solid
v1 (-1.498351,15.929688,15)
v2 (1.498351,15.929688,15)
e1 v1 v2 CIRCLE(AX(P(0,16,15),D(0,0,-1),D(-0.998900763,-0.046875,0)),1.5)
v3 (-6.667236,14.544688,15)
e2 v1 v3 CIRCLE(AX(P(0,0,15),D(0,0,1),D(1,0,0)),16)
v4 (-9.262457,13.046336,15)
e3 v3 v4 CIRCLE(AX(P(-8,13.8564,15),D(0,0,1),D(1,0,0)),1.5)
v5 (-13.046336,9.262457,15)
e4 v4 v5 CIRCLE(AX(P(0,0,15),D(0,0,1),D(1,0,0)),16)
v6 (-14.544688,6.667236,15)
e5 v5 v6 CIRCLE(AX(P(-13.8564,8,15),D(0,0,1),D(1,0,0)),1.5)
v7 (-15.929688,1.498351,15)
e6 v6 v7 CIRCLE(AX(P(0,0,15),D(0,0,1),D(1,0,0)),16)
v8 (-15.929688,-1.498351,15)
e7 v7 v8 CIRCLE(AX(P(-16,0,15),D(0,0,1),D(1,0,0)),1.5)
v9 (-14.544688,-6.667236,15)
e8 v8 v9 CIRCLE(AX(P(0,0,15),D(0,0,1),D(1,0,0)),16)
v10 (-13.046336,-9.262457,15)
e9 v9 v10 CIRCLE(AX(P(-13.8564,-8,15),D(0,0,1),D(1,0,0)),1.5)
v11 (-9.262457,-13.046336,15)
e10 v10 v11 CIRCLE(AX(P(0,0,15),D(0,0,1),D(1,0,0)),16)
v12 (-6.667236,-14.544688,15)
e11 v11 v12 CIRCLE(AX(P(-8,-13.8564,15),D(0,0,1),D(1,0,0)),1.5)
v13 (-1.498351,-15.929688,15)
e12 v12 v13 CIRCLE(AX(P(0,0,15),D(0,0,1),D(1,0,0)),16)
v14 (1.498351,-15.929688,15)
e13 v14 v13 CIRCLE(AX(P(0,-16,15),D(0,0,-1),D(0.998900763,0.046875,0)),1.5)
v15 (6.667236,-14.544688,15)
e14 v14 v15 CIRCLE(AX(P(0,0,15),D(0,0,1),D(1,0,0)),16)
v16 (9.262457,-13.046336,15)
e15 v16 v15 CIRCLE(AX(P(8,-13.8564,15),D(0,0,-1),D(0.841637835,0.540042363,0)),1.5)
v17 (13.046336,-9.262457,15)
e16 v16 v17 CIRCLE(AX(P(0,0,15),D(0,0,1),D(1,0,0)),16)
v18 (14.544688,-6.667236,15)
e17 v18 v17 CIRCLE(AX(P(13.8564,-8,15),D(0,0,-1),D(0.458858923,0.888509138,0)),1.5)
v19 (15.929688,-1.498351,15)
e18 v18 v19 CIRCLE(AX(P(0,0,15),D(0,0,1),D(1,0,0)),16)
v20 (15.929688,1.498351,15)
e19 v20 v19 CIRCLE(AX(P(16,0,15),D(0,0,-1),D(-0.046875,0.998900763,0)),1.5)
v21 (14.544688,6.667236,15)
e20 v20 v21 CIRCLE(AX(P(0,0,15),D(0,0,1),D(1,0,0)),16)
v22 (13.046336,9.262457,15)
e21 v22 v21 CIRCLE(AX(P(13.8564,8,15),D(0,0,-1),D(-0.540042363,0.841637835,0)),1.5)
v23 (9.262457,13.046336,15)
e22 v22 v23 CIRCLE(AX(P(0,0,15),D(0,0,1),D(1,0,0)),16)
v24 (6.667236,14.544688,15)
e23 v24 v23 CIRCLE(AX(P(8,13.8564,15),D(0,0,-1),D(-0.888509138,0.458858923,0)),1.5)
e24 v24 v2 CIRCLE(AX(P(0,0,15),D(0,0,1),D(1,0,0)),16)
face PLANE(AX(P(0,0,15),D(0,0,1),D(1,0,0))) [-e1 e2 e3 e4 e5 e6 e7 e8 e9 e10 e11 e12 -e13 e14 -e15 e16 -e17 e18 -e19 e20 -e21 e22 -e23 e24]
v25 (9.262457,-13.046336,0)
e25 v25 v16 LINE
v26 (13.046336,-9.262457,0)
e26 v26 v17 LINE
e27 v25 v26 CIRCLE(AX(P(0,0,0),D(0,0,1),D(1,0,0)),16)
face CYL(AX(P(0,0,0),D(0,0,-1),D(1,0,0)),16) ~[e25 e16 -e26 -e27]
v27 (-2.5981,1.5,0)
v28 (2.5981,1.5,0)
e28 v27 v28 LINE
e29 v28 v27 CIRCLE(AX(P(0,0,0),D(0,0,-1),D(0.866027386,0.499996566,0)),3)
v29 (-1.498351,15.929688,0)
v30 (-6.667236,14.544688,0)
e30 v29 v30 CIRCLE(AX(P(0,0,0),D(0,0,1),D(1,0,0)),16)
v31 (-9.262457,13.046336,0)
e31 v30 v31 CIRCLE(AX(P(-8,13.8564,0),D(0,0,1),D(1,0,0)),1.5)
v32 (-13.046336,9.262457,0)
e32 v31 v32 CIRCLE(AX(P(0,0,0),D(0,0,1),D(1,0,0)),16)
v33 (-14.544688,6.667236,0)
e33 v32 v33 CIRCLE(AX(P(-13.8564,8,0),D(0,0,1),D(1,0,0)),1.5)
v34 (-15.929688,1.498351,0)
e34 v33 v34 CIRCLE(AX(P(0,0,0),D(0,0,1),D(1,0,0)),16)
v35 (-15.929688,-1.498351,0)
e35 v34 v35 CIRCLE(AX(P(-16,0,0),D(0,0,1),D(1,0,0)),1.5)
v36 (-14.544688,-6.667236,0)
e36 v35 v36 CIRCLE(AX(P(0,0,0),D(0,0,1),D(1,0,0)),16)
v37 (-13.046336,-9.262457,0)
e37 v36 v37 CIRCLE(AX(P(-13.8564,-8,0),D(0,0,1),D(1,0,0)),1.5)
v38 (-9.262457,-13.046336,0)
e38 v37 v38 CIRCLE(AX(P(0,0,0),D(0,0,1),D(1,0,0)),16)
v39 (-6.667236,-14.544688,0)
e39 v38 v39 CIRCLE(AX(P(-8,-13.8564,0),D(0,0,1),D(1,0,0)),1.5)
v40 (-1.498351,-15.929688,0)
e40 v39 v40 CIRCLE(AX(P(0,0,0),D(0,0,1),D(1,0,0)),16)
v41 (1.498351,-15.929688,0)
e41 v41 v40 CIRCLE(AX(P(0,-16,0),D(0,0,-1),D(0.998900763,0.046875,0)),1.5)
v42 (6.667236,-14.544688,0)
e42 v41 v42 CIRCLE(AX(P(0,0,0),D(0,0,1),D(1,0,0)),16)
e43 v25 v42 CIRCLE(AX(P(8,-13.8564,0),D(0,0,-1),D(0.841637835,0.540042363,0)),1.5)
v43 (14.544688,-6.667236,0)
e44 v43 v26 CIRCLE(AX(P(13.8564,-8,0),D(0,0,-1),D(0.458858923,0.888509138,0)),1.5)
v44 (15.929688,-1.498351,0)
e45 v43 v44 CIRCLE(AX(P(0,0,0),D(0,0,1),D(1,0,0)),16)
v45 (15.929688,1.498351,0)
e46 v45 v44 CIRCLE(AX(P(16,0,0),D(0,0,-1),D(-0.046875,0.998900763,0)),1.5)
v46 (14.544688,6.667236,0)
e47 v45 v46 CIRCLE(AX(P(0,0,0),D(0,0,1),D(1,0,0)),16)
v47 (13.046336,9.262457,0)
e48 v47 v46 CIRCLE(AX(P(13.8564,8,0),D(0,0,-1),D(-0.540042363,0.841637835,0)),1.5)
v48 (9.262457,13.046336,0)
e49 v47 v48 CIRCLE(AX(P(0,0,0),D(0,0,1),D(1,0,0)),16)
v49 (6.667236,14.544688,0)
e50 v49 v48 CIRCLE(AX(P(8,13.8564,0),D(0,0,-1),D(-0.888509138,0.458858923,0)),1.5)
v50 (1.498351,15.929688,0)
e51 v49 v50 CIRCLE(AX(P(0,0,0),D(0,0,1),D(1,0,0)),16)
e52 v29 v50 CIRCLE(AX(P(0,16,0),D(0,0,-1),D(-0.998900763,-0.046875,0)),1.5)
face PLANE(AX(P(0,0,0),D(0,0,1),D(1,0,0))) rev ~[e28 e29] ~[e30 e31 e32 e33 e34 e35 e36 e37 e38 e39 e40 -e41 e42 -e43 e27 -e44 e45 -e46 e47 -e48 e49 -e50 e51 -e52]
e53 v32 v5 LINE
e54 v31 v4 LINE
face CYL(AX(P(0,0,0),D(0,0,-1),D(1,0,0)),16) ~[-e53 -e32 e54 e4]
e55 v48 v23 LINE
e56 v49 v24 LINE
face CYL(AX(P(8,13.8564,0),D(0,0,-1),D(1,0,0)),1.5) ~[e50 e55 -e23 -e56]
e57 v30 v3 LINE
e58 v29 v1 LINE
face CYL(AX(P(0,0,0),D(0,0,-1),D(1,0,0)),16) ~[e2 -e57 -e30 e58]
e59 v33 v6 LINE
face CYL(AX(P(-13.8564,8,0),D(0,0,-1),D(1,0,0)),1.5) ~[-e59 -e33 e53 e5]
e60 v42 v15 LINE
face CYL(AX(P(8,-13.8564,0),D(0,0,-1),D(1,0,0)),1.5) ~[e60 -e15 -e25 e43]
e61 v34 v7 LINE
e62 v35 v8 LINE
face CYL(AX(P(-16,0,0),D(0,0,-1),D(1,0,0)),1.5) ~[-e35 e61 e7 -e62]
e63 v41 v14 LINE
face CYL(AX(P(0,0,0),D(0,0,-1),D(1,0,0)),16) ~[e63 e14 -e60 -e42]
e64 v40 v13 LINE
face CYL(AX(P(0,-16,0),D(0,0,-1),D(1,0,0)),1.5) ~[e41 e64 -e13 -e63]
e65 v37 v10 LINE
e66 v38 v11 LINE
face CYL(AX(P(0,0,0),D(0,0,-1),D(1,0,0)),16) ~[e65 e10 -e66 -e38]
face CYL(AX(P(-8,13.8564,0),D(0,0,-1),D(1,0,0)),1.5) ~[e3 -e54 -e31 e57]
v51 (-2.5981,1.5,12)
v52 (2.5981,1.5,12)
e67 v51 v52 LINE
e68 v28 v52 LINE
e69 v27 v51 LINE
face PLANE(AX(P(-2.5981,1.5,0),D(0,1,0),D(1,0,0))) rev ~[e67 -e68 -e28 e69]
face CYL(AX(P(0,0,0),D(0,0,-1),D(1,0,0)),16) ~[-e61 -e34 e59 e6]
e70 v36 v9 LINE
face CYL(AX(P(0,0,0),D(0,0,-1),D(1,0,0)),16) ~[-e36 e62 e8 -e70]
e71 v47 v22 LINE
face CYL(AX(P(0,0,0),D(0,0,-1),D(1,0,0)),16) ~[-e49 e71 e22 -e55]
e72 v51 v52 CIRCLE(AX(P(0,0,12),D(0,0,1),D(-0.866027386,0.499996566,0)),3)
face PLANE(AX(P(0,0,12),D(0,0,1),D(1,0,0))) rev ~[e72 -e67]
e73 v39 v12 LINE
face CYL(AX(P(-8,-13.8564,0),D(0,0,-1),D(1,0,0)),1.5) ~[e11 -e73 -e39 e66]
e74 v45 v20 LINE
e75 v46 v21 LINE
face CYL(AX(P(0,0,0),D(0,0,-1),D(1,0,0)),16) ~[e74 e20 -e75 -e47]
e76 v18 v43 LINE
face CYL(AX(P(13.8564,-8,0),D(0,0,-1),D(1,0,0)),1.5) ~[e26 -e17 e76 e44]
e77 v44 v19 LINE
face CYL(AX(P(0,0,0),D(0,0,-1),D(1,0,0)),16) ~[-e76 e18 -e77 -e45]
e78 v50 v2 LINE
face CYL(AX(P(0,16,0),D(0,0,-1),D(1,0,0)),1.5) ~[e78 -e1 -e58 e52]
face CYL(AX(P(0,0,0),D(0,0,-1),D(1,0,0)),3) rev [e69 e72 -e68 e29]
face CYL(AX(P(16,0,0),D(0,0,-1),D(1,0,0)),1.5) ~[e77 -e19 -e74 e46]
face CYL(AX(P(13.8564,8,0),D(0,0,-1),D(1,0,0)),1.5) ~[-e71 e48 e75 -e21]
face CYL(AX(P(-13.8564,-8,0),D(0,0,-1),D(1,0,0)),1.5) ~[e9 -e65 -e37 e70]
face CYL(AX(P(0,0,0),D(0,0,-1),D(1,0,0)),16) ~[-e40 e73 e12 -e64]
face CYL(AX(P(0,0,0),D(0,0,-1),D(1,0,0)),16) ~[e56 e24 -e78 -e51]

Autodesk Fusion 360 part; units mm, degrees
sketch "Sketch1" plane through (0, 0, 0) normal (0, 0, 1) x (1, 0, 0) in component "Knob"
  circle A0 centre (0, 0) radius 3
  line L0 (-2.5981, 1.5) -> (2.5981, 1.5)
  circle A1 centre (0, 0) radius 16
  circle A2 centre (0, 16) radius 1.5
  circle A3 centre (-8, 13.8564) radius 1.5
  circle A4 centre (-13.8564, 8) radius 1.5
  circle A5 centre (-16, 0) radius 1.5
  circle A6 centre (-13.8564, -8) radius 1.5
  circle A7 centre (-8, -13.8564) radius 1.5
  circle A8 centre (0, -16) radius 1.5
  circle A9 centre (8, -13.8564) radius 1.5
  circle A10 centre (13.8564, -8) radius 1.5
  circle A11 centre (16, 0) radius 1.5
  circle A12 centre (13.8564, 8) radius 1.5
  circle A13 centre (8, 13.8564) radius 1.5
  point P0 (0, -3)
  dimension "d1" = 6
  dimension "d3" = 4.5
  dimension "d4" = 32
  dimension "d5" = 3
  dimension "d7" = 360
extrude "Extrude1" add sketch "Sketch1" along normal blind 12 contours A0 L0 | A1 A11 | A1 A11 | A1 A2 A3 A4 A5 A6 A7 A8 A9 A10 A11 A12 A13 | A1 A12 | A1 A12 | A1 A10 | A1 A10 | A1 A13 | A1 A13 | A1 A9 | A1 A9 | A1 A2 | A1 A2 | A1 A8 | A1 A8 | A1 A3 | A1 A3 | A1 A7 | A1 A7 | A1 A4 | A1 A4 | A1 A6 | A1 A6 | A1 A5 | A1 A5 picked at (0.6802, 1.7331) in component "Knob"
extrude "Extrude2" add sketch "Sketch1" along normal blind 3 from surface at 12 contours A0 L0 | A0 L0 | A1 A11 | A1 A11 | A1 A2 A3 A4 A5 A6 A7 A8 A9 A10 A11 A12 A13 | A1 A12 | A1 A12 | A1 A10 | A1 A10 | A1 A13 | A1 A13 | A1 A9 | A1 A9 | A1 A2 | A1 A2 | A1 A8 | A1 A8 | A1 A3 | A1 A3 | A1 A7 | A1 A7 | A1 A4 | A1 A4 | A1 A6 | A1 A6 | A1 A5 | A1 A5 in component "Knob"
sketch "Sketch2" plane through (0, 0, 15) normal (0, 0, 1) x (-1, 0, 0) in component "Knob"
  arc A0 (-9.2625, -13.0463) -> (-6.6672, -14.5447) centre (-8, -13.8564) ccw
  arc A1 (-6.6672, -14.5447) -> (-1.4984, -15.9297) centre (0, 0) ccw
  arc A2 (-1.4984, -15.9297) -> (1.4984, -15.9297) centre (0, -16) ccw
  arc A3 (1.4984, -15.9297) -> (6.6672, -14.5447) centre (0, 0) ccw
  arc A4 (6.6672, -14.5447) -> (9.2625, -13.0463) centre (8, -13.8564) ccw
  arc A5 (9.2625, -13.0463) -> (13.0463, -9.2625) centre (0, 0) ccw
  arc A6 (13.0463, -9.2625) -> (14.5447, -6.6672) centre (13.8564, -8) ccw
  arc A7 (14.5447, -6.6672) -> (15.9297, -1.4984) centre (0, 0) ccw
  arc A8 (15.9297, -1.4984) -> (15.9297, 1.4984) centre (16, 0) ccw
  arc A9 (15.9297, 1.4984) -> (14.5447, 6.6672) centre (0, 0) ccw
  arc A10 (14.5447, 6.6672) -> (13.0463, 9.2625) centre (13.8564, 8) ccw
  arc A11 (13.0463, 9.2625) -> (9.2625, 13.0463) centre (0, 0) ccw
  arc A12 (9.2625, 13.0463) -> (6.6672, 14.5447) centre (8, 13.8564) ccw
  arc A13 (6.6672, 14.5447) -> (1.4984, 15.9297) centre (0, 0) ccw
  arc A14 (1.4984, 15.9297) -> (-1.4984, 15.9297) centre (0, 16) ccw
  arc A15 (-1.4984, 15.9297) -> (-6.6672, 14.5447) centre (0, 0) ccw
  arc A16 (-6.6672, 14.5447) -> (-9.2625, 13.0463) centre (-8, 13.8564) ccw
  arc A17 (-9.2625, 13.0463) -> (-13.0463, 9.2625) centre (0, 0) ccw
  arc A18 (-13.0463, 9.2625) -> (-14.5447, 6.6672) centre (-13.8564, 8) ccw
  arc A19 (-14.5447, 6.6672) -> (-15.9297, 1.4984) centre (0, 0) ccw
  arc A20 (-15.9297, 1.4984) -> (-15.9297, -1.4984) centre (-16, 0) ccw
  arc A21 (-15.9297, -1.4984) -> (-14.5447, -6.6672) centre (0, 0) ccw
  arc A22 (-14.5447, -6.6672) -> (-13.0463, -9.2625) centre (-13.8564, -8) ccw
  arc A23 (-13.0463, -9.2625) -> (-9.2625, -13.0463) centre (0, 0) ccw
  line L0 (0.5, -15) -> (-0.5, -15)
  line L1 (-0.5, -15) -> (-0.5, -4)
  line L2 (-0.5, -4) -> (0.5, -4)
  line L3 (0.5, -4) -> (0.5, -15)
  line L4 (1.567, -3.7141) -> (2.433, -3.2141)
  line L5 (2.433, -3.2141) -> (7.933, -12.7404)
  line L6 (7.067, -13.2404) -> (1.567, -3.7141)
  line L7 (7.933, -12.7404) -> (7.067, -13.2404)
  line L8 (3.2141, -2.433) -> (3.7141, -1.567)
  line L9 (3.7141, -1.567) -> (13.2404, -7.067)
  line L10 (12.7404, -7.933) -> (3.2141, -2.433)
  line L11 (13.2404, -7.067) -> (12.7404, -7.933)
  line L12 (4, -0.5) -> (4, 0.5)
  line L13 (4, 0.5) -> (15, 0.5)
  line L14 (15, -0.5) -> (4, -0.5)
  line L15 (15, 0.5) -> (15, -0.5)
  line L16 (3.7141, 1.567) -> (3.2141, 2.433)
  line L17 (3.2141, 2.433) -> (12.7404, 7.933)
  line L18 (13.2404, 7.067) -> (3.7141, 1.567)
  line L19 (12.7404, 7.933) -> (13.2404, 7.067)
  line L20 (2.433, 3.2141) -> (1.567, 3.7141)
  line L21 (1.567, 3.7141) -> (7.067, 13.2404)
  line L22 (7.933, 12.7404) -> (2.433, 3.2141)
  line L23 (7.067, 13.2404) -> (7.933, 12.7404)
  line L24 (0.5, 4) -> (-0.5, 4)
  line L25 (-0.5, 4) -> (-0.5, 15)
  line L26 (0.5, 15) -> (0.5, 4)
  line L27 (-0.5, 15) -> (0.5, 15)
  line L28 (-1.567, 3.7141) -> (-2.433, 3.2141)
  line L29 (-2.433, 3.2141) -> (-7.933, 12.7404)
  line L30 (-7.067, 13.2404) -> (-1.567, 3.7141)
  line L31 (-7.933, 12.7404) -> (-7.067, 13.2404)
  line L32 (-3.2141, 2.433) -> (-3.7141, 1.567)
  line L33 (-3.7141, 1.567) -> (-13.2404, 7.067)
  line L34 (-12.7404, 7.933) -> (-3.2141, 2.433)
  line L35 (-13.2404, 7.067) -> (-12.7404, 7.933)
  line L36 (-4, 0.5) -> (-4, -0.5)
  line L37 (-4, -0.5) -> (-15, -0.5)
  line L38 (-15, 0.5) -> (-4, 0.5)
  line L39 (-15, -0.5) -> (-15, 0.5)
  line L40 (-3.7141, -1.567) -> (-3.2141, -2.433)
  line L41 (-3.2141, -2.433) -> (-12.7404, -7.933)
  line L42 (-13.2404, -7.067) -> (-3.7141, -1.567)
  line L43 (-12.7404, -7.933) -> (-13.2404, -7.067)
  line L44 (-2.433, -3.2141) -> (-1.567, -3.7141)
  line L45 (-1.567, -3.7141) -> (-7.067, -13.2404)
  line L46 (-7.933, -12.7404) -> (-2.433, -3.2141)
  line L47 (-7.067, -13.2404) -> (-7.933, -12.7404)
  dimension "d18" = 11
  dimension "d19" = 1
  dimension "d20" = 0.5
  dimension "d21" = 4
  dimension "d23" = 360
component "Knob" placed x (1, 0, 0) y (0, 1, 0) z (0, 0, 1) at (0, 0, 0)
equation "d20 = d19 / 2"
